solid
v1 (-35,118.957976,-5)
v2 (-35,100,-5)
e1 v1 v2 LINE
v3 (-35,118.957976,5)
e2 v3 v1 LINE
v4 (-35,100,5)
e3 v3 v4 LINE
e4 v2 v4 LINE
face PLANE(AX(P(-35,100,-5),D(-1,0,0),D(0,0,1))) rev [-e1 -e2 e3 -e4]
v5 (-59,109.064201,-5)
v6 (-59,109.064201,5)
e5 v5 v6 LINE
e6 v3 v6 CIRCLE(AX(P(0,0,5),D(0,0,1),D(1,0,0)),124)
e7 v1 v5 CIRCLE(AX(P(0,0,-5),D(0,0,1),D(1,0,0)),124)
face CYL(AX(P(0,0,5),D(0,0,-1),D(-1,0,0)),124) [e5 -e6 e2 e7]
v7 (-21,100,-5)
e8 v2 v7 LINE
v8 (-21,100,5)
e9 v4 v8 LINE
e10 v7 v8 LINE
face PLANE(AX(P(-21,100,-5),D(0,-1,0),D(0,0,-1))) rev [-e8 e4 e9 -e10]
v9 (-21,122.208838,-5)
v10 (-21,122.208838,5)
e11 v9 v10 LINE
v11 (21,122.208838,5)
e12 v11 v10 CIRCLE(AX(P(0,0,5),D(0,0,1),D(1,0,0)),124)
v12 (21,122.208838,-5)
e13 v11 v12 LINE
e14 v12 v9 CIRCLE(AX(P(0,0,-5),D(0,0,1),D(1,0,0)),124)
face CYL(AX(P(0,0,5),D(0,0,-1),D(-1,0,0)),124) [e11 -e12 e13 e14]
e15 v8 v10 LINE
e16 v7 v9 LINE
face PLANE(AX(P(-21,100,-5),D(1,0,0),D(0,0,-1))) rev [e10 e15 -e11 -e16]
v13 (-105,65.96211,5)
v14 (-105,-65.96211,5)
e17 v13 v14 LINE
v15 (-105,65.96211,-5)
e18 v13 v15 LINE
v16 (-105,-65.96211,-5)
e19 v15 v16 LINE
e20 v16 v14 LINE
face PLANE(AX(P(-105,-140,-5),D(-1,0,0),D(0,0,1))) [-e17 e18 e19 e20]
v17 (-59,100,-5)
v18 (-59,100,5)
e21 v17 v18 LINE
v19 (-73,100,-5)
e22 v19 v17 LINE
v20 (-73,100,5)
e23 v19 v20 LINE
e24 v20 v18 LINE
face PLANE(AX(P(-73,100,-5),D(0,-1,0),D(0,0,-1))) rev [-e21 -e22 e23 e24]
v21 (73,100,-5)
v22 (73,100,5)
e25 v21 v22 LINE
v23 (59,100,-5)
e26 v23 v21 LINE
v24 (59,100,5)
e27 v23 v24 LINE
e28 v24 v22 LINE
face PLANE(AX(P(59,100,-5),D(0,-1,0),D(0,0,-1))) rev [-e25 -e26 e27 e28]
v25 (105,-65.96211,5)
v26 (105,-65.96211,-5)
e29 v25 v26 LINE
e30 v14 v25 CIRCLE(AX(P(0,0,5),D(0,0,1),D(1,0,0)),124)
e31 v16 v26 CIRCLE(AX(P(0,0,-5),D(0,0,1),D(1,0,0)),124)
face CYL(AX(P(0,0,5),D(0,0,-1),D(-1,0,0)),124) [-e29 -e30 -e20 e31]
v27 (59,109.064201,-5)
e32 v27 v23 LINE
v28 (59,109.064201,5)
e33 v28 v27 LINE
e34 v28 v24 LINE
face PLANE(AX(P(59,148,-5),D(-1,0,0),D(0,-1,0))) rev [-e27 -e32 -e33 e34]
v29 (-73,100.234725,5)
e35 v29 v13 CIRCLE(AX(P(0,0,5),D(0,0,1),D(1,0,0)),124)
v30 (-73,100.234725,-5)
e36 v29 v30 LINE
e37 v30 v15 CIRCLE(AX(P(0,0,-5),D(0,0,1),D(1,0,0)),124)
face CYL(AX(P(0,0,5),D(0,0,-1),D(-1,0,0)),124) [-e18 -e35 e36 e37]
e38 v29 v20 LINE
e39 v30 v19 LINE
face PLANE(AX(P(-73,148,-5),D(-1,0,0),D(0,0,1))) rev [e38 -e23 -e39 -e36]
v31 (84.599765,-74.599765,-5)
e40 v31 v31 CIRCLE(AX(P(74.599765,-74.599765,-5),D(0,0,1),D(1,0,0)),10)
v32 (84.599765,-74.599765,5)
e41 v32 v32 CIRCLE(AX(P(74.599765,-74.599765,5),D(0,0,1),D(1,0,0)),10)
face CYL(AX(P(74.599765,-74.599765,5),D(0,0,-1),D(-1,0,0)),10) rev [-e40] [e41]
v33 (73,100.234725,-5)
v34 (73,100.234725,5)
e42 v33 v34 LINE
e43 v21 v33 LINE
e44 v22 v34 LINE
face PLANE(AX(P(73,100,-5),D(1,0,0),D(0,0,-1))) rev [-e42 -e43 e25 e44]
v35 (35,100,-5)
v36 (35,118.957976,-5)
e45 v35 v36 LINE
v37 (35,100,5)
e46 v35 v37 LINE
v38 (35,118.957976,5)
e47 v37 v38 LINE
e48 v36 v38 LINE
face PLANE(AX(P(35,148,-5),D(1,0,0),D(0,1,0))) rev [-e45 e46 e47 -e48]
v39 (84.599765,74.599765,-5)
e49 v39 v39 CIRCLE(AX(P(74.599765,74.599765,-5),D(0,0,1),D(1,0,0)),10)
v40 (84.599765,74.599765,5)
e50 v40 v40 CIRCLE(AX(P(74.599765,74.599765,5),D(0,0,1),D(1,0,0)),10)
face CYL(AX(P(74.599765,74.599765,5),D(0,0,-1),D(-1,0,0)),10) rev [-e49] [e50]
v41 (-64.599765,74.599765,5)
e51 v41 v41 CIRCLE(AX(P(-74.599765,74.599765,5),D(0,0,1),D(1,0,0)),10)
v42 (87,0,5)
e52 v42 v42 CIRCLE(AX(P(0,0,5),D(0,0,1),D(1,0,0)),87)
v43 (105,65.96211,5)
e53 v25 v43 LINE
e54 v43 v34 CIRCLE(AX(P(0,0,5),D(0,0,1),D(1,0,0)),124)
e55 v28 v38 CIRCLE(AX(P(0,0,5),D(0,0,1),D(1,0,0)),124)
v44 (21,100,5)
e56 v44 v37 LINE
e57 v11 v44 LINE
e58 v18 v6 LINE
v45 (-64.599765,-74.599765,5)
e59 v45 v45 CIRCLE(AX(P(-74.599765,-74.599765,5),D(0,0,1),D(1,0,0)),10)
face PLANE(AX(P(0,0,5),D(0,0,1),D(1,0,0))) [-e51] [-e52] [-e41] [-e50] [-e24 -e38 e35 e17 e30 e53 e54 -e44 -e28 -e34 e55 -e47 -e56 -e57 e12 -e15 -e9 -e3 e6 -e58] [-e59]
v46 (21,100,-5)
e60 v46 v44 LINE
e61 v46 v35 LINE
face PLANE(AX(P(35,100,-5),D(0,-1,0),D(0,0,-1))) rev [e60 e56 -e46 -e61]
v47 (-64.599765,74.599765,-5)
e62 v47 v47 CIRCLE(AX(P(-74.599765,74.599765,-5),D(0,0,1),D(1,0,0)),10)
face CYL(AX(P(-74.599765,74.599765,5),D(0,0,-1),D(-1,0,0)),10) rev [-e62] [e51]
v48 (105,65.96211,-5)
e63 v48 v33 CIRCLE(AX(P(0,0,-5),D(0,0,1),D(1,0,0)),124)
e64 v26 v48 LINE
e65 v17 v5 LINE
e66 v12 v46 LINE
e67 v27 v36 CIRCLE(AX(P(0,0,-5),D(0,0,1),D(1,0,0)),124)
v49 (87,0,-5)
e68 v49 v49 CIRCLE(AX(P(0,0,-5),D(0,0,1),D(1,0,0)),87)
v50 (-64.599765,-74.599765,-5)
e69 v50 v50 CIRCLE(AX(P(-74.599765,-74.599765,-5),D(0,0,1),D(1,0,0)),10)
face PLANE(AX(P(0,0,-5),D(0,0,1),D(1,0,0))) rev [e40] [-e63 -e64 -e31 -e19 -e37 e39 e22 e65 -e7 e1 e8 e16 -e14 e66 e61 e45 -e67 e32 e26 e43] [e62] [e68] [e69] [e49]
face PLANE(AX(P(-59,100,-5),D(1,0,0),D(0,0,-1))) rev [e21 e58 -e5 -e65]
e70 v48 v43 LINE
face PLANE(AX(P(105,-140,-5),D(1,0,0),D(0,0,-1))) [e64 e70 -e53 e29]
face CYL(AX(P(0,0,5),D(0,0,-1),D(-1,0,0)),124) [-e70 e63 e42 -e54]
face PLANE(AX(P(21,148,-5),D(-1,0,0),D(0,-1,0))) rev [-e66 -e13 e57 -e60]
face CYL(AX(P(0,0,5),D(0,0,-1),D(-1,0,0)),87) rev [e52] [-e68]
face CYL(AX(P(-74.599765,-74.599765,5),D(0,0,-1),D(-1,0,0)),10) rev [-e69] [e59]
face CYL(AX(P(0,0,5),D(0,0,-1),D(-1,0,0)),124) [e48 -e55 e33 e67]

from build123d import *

# Parameters (mm, degrees)
SKETCH_1_R               = 124
SKETCH_1_R_2             = 87
SKETCH_1_R_3             = 10
EXTRUDE_1_DEPTH          = 5
CUT_EXTRUDE_1_DEPTH      = 176.64737402
CUT_EXTRUDE_1_DEPTH_BACK = 176.64737402
SKETCH_2_OUTSIDE_W       = 320.174
SKETCH_2_OUTSIDE_H       = 320.174
SKETCH_2_OUTSIDE_W_2     = 210
SKETCH_2_OUTSIDE_H_2     = 280
CUT_EXTRUDE_2_DEPTH      = 163.791277408
CUT_EXTRUDE_2_DEPTH_BACK = 163.791277408
SKETCH_3_W               = 14
SKETCH_3_H               = 48


with BuildPart() as part:
    # Эскиз1 → Бобышка-Вытянуть1 (new, symmetric)
    with BuildSketch(Plane.XY):
        Circle(SKETCH_1_R)
        Circle(SKETCH_1_R_2, mode=Mode.SUBTRACT)
        with Locations((74.599765415, 74.599765415)):
            Circle(SKETCH_1_R_3, mode=Mode.SUBTRACT)
        with Locations((74.599765415, -74.599765415)):
            Circle(SKETCH_1_R_3, mode=Mode.SUBTRACT)
        with Locations((-74.599765415, -74.599765415)):
            Circle(SKETCH_1_R_3, mode=Mode.SUBTRACT)
        with Locations((-74.599765415, 74.599765415)):
            Circle(SKETCH_1_R_3, mode=Mode.SUBTRACT)
    extrude(amount=EXTRUDE_1_DEPTH, both=True)

    # Эскиз2 outside → Вырез-Вытянуть1 (cut, two sides: drawn at the far end of the back side and taken through both)
    with BuildSketch(Plane.XY.offset(5).offset(-CUT_EXTRUDE_1_DEPTH_BACK)):
        Rectangle(SKETCH_2_OUTSIDE_W, SKETCH_2_OUTSIDE_H)
        Rectangle(SKETCH_2_OUTSIDE_W_2, SKETCH_2_OUTSIDE_H_2, mode=Mode.SUBTRACT)
    extrude(amount=CUT_EXTRUDE_1_DEPTH + CUT_EXTRUDE_1_DEPTH_BACK, mode=Mode.SUBTRACT)

    # Эскиз3 → Вырез-Вытянуть2 (cut, two sides: drawn at the far end of the back side and taken through both)
    with BuildSketch(Plane.XY.offset(5).offset(-CUT_EXTRUDE_2_DEPTH_BACK)):
        with Locations((-66, 124)):
            Rectangle(SKETCH_3_W, SKETCH_3_H)
        with Locations((66, 124)):
            Rectangle(SKETCH_3_W, SKETCH_3_H)
        with Locations((28, 124)):
            Rectangle(SKETCH_3_W, SKETCH_3_H)
        with Locations((-28, 124)):
            Rectangle(SKETCH_3_W, SKETCH_3_H)
    extrude(amount=CUT_EXTRUDE_2_DEPTH + CUT_EXTRUDE_2_DEPTH_BACK, mode=Mode.SUBTRACT)


solid = part.part
